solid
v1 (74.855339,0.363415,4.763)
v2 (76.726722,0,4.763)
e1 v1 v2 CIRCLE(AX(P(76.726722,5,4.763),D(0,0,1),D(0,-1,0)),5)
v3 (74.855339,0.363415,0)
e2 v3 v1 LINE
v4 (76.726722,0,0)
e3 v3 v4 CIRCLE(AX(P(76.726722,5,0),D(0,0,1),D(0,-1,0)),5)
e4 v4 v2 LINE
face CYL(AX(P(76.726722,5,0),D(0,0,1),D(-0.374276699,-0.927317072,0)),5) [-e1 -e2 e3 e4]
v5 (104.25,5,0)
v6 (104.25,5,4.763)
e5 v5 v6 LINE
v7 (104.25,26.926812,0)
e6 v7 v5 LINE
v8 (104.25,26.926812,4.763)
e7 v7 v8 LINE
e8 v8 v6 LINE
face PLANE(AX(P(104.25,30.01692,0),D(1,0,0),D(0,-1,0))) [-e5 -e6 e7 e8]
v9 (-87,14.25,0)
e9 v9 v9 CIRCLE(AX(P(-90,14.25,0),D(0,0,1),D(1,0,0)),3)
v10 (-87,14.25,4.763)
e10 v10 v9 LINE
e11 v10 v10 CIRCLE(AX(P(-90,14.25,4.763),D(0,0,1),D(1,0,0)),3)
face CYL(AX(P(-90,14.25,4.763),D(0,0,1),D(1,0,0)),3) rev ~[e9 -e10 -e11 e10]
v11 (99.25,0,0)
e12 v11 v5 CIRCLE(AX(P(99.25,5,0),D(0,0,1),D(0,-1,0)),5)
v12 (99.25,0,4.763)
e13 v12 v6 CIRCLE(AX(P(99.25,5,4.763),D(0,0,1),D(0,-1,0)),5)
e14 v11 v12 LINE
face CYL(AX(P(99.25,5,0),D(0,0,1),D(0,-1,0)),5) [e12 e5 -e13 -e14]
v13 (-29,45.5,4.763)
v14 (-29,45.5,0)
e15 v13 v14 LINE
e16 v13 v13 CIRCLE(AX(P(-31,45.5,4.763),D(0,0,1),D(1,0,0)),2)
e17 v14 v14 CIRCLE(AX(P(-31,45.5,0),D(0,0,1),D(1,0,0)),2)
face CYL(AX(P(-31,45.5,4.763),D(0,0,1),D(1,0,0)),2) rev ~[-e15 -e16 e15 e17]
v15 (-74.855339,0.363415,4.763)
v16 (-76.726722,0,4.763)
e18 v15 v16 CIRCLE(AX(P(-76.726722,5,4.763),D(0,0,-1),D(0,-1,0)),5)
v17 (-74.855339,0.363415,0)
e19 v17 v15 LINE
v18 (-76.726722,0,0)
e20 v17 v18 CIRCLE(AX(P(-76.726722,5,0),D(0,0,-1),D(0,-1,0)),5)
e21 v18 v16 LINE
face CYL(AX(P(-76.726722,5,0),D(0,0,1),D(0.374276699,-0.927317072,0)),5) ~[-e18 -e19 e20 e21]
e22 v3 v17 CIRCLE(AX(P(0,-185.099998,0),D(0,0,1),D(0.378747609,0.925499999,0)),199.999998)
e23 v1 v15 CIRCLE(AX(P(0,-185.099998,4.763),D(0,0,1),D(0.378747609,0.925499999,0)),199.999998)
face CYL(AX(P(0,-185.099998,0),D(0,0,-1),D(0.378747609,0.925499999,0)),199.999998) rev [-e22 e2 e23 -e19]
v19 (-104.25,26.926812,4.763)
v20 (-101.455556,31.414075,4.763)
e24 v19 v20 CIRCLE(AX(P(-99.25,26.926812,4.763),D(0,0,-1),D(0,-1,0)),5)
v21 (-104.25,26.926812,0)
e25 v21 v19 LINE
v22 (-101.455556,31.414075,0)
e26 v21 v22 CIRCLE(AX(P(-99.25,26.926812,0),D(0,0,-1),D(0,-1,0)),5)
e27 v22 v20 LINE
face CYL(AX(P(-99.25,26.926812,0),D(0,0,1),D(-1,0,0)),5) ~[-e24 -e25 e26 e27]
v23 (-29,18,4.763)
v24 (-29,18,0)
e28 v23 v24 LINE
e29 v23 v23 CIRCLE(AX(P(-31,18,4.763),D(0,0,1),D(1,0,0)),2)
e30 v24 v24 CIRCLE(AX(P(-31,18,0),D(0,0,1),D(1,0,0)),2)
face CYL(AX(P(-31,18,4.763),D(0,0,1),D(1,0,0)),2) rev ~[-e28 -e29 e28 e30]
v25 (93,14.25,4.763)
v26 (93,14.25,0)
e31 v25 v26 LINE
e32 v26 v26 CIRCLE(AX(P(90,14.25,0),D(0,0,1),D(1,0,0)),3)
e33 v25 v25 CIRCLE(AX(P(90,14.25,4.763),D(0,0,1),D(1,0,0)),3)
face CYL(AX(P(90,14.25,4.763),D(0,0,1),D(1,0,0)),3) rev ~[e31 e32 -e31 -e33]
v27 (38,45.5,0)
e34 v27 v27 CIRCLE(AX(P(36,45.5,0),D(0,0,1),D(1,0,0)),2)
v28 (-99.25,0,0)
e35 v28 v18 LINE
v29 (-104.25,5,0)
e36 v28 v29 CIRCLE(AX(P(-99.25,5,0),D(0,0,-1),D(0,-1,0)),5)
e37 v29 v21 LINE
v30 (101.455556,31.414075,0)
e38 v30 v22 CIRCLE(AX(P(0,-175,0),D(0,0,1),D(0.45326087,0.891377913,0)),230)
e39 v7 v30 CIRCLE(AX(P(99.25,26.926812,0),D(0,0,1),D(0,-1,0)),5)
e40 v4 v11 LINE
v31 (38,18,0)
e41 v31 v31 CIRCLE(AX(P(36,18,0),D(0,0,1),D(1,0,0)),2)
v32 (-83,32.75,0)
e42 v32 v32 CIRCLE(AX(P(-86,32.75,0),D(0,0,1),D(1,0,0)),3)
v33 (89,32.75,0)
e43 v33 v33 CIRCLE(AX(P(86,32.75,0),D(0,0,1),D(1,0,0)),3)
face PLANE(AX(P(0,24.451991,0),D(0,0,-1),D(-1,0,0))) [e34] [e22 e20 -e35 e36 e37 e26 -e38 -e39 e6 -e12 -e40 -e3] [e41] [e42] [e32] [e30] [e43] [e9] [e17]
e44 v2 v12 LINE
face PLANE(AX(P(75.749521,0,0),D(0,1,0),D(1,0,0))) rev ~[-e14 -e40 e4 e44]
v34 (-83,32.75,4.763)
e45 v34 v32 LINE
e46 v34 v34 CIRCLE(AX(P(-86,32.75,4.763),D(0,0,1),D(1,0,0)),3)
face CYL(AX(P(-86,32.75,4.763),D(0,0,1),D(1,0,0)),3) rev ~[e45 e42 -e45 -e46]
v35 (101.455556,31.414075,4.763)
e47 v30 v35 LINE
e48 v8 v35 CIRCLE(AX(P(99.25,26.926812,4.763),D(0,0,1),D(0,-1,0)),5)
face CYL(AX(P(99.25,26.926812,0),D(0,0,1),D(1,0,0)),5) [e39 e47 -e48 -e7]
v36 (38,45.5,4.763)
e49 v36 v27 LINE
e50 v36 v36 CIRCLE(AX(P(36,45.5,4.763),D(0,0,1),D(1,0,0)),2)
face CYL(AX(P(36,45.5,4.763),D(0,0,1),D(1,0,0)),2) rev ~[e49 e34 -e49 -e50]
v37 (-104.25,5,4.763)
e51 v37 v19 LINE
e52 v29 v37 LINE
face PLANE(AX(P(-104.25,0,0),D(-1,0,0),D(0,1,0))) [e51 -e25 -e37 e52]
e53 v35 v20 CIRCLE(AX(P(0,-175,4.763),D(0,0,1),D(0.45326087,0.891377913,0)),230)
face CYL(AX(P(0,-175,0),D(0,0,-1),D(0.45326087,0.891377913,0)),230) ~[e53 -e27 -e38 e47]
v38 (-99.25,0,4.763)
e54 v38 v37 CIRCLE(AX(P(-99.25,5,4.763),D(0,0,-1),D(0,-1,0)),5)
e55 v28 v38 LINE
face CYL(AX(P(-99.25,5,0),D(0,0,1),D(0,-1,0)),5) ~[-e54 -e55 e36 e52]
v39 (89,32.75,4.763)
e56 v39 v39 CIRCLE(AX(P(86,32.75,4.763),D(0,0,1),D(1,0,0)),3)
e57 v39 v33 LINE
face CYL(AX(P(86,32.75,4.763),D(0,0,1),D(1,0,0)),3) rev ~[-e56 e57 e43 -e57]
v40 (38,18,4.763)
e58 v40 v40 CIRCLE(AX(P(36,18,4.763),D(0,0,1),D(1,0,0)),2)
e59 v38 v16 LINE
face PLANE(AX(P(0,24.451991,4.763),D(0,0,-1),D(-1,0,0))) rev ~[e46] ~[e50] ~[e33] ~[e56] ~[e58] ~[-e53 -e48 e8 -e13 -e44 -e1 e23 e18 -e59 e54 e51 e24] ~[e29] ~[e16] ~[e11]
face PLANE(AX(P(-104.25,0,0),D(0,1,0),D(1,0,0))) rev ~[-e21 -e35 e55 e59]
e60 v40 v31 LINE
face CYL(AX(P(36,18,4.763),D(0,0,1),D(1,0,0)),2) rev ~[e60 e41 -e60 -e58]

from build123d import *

# Parameters (mm, degrees)
PAD_DEPTH     = 4.763
SKETCH001_R   = 2
SKETCH001_R_2 = 3
POCKET_DEPTH  = 4.764
FILLET_R      = 5


with BuildPart() as part:
    # Sketch → Pad (new body)
    with BuildSketch(Plane.XY):
        with BuildLine():
            ThreePointArc((75.749521, 0), (0, 14.9), (-75.749521, 0))
            Line((-104.25, 0), (-75.749521, 0))
            Line((-104.25, 0), (-104.25, 30.01692))
            ThreePointArc((104.25, 30.01692), (0, 55), (-104.25, 30.01692))
            Line((104.25, 30.01692), (104.25, 0))
            Line((75.749521, 0), (104.25, 0))
        make_face()
    extrude(amount=PAD_DEPTH)

    # Sketch001 → Pocket (cut, through all)
    with BuildSketch(Plane.XY.offset(4.763)):
        with Locations((-31, 45.5)):
            Circle(SKETCH001_R)
        with Locations((36, 45.5)):
            Circle(SKETCH001_R)
        with Locations((36, 18)):
            Circle(SKETCH001_R)
        with Locations((-31, 18)):
            Circle(SKETCH001_R)
        with Locations((-90, 14.25)):
            Circle(SKETCH001_R_2)
        with Locations((-86, 32.75)):
            Circle(SKETCH001_R_2)
        with Locations((86, 32.75)):
            Circle(SKETCH001_R_2)
        with Locations((90, 14.25)):
            Circle(SKETCH001_R_2)
    extrude(amount=-POCKET_DEPTH, mode=Mode.SUBTRACT)

    # Fillet
    fillet_edges = [part.edges().sort_by_distance(p)[0] for p in [
        (-104.25, 30.01692, 2.3815),
        (-104.25, 0, 2.3815),
        (104.25, 30.01692, 2.3815),
        (-75.749521, 0, 2.3815),
        (75.749521, 0, 2.3815),
        (104.25, 0, 2.3815),
    ]]
    fillet(fillet_edges, radius=FILLET_R)


solid = part.part
